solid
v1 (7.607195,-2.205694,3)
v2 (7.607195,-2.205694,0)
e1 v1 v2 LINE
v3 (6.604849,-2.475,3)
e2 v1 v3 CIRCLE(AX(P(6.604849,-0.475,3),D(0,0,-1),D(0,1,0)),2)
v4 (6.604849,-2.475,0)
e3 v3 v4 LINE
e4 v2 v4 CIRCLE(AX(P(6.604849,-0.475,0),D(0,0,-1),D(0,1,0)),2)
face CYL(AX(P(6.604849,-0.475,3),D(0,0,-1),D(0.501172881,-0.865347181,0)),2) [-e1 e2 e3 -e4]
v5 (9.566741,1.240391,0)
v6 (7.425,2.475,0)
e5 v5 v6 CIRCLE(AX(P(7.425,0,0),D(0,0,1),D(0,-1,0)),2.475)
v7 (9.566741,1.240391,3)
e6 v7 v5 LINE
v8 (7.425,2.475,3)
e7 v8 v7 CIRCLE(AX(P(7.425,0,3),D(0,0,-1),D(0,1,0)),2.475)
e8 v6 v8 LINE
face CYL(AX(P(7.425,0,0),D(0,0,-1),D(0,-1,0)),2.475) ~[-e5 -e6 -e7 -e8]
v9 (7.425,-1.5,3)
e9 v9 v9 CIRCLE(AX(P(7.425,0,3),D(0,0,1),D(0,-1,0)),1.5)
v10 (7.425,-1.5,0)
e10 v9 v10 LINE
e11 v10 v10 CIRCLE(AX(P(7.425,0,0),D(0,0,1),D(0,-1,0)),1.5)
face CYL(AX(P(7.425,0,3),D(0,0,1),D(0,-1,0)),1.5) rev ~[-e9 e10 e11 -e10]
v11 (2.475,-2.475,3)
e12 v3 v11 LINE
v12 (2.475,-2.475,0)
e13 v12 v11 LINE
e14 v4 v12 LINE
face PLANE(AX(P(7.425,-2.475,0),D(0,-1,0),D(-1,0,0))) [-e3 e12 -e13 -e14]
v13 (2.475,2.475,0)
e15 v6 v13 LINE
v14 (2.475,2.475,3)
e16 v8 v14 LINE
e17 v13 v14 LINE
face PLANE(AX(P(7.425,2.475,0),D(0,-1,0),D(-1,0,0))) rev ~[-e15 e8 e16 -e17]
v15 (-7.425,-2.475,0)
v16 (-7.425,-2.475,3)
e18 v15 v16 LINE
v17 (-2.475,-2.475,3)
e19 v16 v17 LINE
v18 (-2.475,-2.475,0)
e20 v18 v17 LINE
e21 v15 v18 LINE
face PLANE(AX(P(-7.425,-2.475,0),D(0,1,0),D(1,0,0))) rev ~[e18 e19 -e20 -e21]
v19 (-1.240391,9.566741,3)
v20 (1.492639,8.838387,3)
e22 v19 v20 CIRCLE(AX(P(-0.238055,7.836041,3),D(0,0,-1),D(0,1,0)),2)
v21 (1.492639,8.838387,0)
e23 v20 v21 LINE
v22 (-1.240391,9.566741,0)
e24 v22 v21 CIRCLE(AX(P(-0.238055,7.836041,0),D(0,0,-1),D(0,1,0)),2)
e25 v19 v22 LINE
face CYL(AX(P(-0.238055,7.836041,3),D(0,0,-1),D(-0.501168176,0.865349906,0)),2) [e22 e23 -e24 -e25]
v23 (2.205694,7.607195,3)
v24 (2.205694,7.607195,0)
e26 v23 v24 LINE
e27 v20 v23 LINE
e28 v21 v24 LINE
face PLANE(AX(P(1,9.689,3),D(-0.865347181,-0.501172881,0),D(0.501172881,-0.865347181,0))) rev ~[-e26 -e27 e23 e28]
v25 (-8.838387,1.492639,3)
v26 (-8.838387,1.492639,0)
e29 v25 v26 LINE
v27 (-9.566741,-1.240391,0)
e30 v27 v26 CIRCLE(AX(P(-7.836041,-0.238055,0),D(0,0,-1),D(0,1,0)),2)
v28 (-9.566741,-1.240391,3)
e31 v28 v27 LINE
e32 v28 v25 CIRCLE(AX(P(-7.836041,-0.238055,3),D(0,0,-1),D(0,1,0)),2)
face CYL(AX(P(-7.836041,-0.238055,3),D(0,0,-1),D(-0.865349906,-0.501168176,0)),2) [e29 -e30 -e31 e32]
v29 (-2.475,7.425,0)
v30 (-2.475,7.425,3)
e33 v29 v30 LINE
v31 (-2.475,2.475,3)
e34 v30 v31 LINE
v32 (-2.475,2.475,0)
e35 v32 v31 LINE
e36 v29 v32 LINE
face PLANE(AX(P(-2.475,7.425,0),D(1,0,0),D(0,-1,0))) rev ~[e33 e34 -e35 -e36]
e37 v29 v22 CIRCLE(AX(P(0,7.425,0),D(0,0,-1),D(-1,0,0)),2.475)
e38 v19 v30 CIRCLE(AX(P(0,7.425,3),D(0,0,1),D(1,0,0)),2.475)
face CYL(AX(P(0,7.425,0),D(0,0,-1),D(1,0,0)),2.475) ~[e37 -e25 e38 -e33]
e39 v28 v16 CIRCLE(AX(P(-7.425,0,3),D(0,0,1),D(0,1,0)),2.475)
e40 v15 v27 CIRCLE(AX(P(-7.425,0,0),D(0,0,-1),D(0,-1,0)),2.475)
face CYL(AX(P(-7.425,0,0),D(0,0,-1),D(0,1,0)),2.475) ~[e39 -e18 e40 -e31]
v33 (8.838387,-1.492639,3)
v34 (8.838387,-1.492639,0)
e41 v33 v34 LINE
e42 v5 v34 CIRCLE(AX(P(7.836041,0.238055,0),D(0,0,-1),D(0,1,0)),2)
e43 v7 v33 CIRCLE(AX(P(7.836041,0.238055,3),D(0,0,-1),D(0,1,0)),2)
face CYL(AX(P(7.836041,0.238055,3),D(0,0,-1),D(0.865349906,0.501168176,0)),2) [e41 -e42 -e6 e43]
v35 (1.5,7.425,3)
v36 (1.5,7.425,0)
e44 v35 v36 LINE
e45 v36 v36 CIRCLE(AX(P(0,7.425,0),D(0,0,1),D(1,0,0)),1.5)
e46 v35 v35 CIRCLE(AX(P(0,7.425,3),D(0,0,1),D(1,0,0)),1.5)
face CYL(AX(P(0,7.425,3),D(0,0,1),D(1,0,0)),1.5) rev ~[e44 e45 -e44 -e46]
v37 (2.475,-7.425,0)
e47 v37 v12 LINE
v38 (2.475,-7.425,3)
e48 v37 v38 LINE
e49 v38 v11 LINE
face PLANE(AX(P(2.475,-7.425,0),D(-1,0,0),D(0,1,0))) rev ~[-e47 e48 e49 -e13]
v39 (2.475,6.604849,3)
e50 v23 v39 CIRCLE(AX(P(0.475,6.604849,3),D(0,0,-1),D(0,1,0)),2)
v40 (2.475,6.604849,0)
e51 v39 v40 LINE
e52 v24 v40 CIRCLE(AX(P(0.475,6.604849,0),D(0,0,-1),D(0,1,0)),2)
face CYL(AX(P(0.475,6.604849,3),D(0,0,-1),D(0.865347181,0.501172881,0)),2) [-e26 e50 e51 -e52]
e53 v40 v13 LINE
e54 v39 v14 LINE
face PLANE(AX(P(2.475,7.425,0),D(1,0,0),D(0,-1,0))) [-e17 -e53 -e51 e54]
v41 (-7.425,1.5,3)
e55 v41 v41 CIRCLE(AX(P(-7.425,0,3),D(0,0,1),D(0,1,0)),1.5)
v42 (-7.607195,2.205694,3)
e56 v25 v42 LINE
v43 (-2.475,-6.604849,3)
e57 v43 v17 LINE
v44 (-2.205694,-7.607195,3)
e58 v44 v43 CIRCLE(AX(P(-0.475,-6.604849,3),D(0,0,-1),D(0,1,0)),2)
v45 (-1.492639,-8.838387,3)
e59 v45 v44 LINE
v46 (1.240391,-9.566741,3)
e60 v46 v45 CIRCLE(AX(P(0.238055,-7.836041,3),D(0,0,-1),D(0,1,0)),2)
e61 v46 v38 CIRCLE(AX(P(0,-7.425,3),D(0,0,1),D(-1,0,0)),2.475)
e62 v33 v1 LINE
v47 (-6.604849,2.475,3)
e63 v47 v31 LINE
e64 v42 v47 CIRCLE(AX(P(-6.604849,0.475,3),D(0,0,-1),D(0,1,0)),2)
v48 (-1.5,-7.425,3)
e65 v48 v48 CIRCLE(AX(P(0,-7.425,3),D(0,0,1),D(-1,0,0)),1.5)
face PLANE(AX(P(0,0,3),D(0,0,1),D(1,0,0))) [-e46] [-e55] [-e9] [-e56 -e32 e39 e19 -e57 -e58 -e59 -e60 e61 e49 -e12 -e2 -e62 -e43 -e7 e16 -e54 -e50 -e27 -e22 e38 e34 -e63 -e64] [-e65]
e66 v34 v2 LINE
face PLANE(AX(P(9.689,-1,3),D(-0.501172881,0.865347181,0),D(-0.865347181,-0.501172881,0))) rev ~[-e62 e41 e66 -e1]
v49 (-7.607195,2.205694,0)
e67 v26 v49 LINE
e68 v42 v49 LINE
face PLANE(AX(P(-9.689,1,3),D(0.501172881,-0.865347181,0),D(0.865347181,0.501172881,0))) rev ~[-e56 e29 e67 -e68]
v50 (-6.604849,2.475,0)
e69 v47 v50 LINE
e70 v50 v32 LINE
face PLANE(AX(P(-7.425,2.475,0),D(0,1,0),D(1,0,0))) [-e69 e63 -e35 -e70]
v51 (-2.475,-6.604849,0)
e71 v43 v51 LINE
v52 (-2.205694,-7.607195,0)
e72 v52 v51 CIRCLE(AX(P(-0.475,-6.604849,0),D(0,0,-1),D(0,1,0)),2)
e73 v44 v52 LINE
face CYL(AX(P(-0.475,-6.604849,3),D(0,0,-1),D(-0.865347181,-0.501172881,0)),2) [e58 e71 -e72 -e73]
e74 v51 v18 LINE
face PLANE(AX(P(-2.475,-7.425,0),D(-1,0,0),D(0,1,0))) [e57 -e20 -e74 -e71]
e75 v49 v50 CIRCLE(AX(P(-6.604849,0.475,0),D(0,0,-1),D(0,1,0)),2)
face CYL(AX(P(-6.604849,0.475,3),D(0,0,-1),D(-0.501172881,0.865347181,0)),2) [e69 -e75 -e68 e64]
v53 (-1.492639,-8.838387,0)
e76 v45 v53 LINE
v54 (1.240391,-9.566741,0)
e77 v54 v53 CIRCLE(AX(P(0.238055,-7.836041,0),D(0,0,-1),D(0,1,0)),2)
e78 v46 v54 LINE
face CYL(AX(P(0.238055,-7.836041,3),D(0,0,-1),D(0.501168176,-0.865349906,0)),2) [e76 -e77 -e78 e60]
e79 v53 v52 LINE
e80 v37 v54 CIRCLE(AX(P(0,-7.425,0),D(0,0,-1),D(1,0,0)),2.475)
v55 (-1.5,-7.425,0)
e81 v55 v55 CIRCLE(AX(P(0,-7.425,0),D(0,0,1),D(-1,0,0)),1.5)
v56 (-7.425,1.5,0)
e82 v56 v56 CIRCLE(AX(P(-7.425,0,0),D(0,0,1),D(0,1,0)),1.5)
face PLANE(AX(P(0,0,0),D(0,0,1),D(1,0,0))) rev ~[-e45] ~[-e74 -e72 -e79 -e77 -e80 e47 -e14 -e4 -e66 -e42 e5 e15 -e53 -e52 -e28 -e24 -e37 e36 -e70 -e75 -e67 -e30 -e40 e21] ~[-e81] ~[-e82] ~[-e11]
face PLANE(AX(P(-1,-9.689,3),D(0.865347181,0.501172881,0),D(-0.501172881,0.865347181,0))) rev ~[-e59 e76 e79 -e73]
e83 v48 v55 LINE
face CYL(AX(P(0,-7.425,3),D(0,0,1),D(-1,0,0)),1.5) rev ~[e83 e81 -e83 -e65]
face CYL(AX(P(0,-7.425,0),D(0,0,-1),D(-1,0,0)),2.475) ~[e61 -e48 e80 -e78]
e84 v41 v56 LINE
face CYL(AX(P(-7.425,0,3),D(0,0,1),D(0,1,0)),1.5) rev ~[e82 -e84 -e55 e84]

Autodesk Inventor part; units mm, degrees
ref_plane "YZ Plane" through (0, 0, 0) normal (1, 0, 0) x (0, 1, 0)
ref_plane "XZ Plane" through (0, 0, 0) normal (0, 1, 0) x (-1, 0, 0)
ref_plane "XY Plane" through (0, 0, 0) normal (0, 0, 1) x (1, 0, 0)
sketch "스케치1" plane through (0, 0, 0) normal (0, 0, 1) x (1, 0, 0)
  circle A0 centre (0, 0) radius 9.9
  arc A1 (-2.475, 0) -> (2.475, 0) centre (0, 0) ccw
  arc A2 (2.475, 7.425) -> (-2.475, 7.425) centre (0, 7.425) ccw
  line L0 (-2.475, 7.425) -> (-2.475, 0)
  line L1 (2.475, 7.425) -> (2.475, 0)
  arc A3 (-7.425, 2.475) -> (-7.425, -2.475) centre (-7.425, 0) ccw
  line L2 (-7.425, 2.475) -> (0, 2.475)
  line L3 (-7.425, -2.475) -> (0, -2.475)
  arc A4 (0, -2.475) -> (0, 2.475) centre (0, 0) ccw
  arc A5 (-2.475, -7.425) -> (2.475, -7.425) centre (0, -7.425) ccw
  line L4 (-2.475, -7.425) -> (-2.475, 0)
  line L5 (2.475, -7.425) -> (2.475, 0)
  arc A6 (2.475, 0) -> (-2.475, 0) centre (0, 0) ccw
  arc A7 (7.425, -2.475) -> (7.425, 2.475) centre (7.425, 0) ccw
  line L6 (7.425, -2.475) -> (0, -2.475)
  line L7 (7.425, 2.475) -> (0, 2.475)
  arc A8 (0, 2.475) -> (0, -2.475) centre (0, 0) ccw
  point P0 (-2.475, 2.475)
  point P1 (-2.475, -2.475)
  point P2 (2.475, -2.475)
  point P3 (2.475, 2.475)
  dimension "d0" = 19.8
  dimension "d1" = 4.95
  dimension "d2" = 4.95
  dimension "d5" = 360
extrude "돌출1" add sketch "스케치1" along normal blind 3 contours A7 L6 L5 L1 L7 | A2 L1 L7 L2 L0 | A5 L4 L3 L6 L5 | A3 L2 L0 L4 L3 | L6 A1 L5 | L1 A4 L7 | L2 A6 L0 | L4 A1 L3 | A1 A6 A4
sketch "스케치2" plane through (0, 0, 3) normal (0, 0, 1) x (1, 0, 0)
  arc A0 (2.475, 7.425) -> (-2.475, 7.425) centre (0, 7.425) ccw projected
  circle A1 centre (0, 7.425) radius 1.5
  point P0 (0, 0)
  dimension "d9" = 3
extrude "돌출2" cut sketch "스케치2" against normal through all
pattern_circular "원형 패턴1" count 4 over 360 about axis through (0, 0, -10) along (0, 0, 1) of "돌출2"
sketch "스케치3" plane through (0, 0, 3) normal (0, 0, 1) x (1, 0, 0)
  arc A0 (2.475, 7.425) -> (-2.475, 7.425) centre (0, 7.425) ccw projected
  line L0 (1, 9.689) -> (2.475, 7.1422)
  line L1 (2.475, 2.475) -> (2.475, 7.425) projected
  circle A1 centre (0, 7.425) radius 1.5 projected
  point P0 (0, 0)
  dimension "d15" = 0.5
  dimension "d16" = 1
extrude "돌출3" cut sketch "스케치3" against normal through all contours L1 L0 A0
fillet "모깎기1" radius 2 1 edges at (1, 9.689, 1.5)
fillet "모깎기2" radius 2 1 edges at (2.475, 7.1422, 1.5)
pattern_circular "원형 패턴2" count 4 over 360 about axis through (0, 0, -10) along (0, 0, 1) of "돌출3", "모깎기1", "모깎기2"
equation "\"d1\" = 0.25 * d0"
equation "\"d2\" = d1"
properties part number "ModuleConnector_Center_Axis_3D 인쇄"
